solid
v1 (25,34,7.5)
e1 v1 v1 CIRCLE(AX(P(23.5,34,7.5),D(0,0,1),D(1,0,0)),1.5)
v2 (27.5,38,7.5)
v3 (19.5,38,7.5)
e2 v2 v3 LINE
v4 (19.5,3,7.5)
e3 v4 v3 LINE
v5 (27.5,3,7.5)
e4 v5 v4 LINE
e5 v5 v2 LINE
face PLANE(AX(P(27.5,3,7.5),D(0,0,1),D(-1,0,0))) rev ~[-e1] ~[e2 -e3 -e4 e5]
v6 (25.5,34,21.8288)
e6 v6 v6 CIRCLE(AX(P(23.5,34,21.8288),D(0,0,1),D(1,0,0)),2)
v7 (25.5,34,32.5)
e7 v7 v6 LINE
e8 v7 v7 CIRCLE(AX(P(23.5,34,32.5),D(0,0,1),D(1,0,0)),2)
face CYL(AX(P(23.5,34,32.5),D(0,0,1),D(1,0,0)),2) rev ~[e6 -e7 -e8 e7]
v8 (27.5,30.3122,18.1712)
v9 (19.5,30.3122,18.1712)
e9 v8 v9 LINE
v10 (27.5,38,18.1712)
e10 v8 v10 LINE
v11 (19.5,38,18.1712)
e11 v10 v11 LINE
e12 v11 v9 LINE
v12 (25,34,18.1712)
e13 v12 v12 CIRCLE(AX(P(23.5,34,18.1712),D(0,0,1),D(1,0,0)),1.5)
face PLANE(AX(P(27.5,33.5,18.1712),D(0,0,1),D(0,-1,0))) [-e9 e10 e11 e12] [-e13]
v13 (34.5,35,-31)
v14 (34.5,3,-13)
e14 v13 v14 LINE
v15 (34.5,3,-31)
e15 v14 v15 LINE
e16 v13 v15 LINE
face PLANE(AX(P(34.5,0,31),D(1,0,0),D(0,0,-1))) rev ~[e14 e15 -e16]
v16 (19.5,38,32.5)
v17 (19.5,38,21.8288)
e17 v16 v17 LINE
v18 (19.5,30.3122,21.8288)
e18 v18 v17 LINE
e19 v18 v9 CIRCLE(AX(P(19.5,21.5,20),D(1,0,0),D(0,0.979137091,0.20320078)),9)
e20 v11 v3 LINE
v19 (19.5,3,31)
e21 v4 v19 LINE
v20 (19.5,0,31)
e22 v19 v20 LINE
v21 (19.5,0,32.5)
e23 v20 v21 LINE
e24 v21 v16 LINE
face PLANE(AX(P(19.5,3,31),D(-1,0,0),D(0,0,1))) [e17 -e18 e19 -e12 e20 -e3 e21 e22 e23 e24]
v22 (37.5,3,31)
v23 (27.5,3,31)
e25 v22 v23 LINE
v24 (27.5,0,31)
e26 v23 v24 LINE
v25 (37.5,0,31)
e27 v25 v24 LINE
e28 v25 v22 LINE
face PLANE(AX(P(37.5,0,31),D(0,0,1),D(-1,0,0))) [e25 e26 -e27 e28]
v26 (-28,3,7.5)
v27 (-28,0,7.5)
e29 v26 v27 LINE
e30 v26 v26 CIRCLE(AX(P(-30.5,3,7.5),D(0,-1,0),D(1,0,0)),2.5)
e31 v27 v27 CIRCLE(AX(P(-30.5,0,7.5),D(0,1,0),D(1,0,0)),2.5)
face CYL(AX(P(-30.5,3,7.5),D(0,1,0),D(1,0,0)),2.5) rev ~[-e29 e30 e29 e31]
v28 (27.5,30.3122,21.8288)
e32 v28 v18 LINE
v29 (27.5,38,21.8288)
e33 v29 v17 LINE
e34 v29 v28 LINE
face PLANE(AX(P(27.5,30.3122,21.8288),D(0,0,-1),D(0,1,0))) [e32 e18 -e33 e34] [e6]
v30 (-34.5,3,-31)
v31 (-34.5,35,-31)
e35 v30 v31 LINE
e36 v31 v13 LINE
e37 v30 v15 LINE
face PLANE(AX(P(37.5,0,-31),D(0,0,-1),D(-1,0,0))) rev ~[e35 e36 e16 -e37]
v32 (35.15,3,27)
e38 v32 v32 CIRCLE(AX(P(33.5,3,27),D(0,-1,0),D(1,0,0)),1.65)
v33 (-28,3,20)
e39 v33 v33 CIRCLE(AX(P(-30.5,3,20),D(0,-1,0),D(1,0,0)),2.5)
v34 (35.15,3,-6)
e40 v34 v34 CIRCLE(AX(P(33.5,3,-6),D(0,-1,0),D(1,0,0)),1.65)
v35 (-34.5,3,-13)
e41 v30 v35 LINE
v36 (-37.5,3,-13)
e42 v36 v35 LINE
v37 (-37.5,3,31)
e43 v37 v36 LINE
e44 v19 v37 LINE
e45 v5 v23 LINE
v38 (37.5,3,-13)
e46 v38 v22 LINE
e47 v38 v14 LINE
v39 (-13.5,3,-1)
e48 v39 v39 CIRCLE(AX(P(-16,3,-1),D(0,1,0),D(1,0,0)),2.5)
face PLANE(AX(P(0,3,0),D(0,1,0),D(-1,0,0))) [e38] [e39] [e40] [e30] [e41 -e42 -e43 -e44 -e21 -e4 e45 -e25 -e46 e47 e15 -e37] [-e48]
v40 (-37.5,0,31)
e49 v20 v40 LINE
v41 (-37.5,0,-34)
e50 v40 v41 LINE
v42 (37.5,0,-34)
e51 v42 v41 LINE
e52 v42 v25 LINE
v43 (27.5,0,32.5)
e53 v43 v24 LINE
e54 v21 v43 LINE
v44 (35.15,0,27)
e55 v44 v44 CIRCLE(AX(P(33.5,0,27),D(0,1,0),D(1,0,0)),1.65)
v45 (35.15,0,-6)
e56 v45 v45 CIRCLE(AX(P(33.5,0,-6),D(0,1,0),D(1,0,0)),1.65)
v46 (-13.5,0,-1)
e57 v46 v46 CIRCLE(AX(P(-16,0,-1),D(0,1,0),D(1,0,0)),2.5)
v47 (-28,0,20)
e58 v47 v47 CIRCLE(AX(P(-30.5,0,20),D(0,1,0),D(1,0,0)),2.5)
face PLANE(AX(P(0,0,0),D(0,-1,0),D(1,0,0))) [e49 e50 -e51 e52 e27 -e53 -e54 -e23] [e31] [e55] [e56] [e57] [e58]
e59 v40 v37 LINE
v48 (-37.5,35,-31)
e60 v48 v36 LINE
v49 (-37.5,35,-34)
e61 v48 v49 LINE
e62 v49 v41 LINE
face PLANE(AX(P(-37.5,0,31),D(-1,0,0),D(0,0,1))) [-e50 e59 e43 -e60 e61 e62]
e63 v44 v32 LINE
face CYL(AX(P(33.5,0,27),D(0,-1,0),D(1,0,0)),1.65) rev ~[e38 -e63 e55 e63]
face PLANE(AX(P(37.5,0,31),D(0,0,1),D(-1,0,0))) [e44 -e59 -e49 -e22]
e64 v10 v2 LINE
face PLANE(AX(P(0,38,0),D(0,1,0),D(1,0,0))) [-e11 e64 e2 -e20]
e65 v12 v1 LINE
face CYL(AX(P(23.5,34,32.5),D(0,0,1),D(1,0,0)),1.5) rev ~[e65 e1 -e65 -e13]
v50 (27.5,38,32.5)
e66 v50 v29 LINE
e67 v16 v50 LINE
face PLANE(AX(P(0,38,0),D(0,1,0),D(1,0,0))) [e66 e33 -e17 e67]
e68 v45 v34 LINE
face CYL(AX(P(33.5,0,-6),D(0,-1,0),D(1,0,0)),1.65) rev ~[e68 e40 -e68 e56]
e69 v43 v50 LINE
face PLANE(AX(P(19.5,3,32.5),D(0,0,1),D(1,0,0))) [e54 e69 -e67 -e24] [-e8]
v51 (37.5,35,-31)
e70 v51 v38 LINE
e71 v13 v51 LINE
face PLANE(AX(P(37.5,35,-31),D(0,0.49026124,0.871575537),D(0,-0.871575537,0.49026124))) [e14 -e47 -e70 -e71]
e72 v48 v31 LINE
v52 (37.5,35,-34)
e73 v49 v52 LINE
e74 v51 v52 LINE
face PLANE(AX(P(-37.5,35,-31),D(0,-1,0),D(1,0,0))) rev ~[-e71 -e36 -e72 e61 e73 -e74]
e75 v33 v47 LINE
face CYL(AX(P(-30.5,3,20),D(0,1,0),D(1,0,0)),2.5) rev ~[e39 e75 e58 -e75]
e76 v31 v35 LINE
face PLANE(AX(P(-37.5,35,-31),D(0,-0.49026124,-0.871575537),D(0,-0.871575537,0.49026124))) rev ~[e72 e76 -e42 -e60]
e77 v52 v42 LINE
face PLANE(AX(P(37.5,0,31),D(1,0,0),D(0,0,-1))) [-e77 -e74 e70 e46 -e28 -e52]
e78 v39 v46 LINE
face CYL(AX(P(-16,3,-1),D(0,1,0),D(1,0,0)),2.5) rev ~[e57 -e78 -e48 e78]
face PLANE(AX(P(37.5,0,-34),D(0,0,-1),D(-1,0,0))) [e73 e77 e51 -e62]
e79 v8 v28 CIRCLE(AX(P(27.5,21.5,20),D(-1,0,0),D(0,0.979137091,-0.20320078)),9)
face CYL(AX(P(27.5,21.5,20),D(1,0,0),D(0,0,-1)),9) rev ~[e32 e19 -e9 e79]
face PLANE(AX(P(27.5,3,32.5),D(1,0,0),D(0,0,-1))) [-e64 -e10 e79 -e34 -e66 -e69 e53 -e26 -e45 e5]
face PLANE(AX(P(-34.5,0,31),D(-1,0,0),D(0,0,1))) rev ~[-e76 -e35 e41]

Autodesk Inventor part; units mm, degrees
ref_plane "YZ Plane" through (0, 0, 0) normal (1, 0, 0) x (0, 1, 0)
ref_plane "XZ Plane" through (0, 0, 0) normal (0, 1, 0) x (-1, 0, 0)
ref_plane "XY Plane" through (0, 0, 0) normal (0, 0, 1) x (1, 0, 0)
sketch "Sketch1" plane through (0, 0, 0) normal (0, 1, 0) x (-1, 0, 0)
  line L0 (37.5, -31) -> (-37.5, -31)
  line L1 (-37.5, -31) -> (-37.5, 31)
  line L2 (-37.5, 31) -> (37.5, 31)
  line L3 (37.5, 31) -> (37.5, -31)
  line L4 (37.5, -31) -> (-37.5, 31) construction
  line L5 (-37.5, -31) -> (37.5, 31) construction
  point P0 (0, 0)
  dimension "d0" = 75
  dimension "d1" = 62
extrude "Extrusion1" add sketch "Sketch1" along normal blind 3
sketch "Sketch2" plane through (0, 3, 0) normal (0, 1, 0) x (1, 0, 0)
  line L0 (37.5, 31) -> (-37.5, 31) projected
  line L1 (-37.5, 31) -> (-37.5, -31) projected
  circle A0 centre (-30.5, -7.5) radius 2.5
  circle A1 centre (-30.5, -20) radius 2.5
  circle A2 centre (-16, 1) radius 2.5
  line L2 (-37.5, -31) -> (37.5, -31) projected
  line L3 (37.5, -31) -> (37.5, 31) projected
  line L4 (-30.5, -7.5) -> (-30.5, -31)
  point P0 (0, 0)
  dimension "d4" = 5
  dimension "d5" = 5
  dimension "d6" = 12.5
  dimension "d7" = 7
  dimension "d8" = 5
  dimension "d9" = 8.5
  dimension "d10" = 14.5
  dimension "d11" = 30
extrude "Extrusion2" cut sketch "Sketch2" against normal through all contours A0 | A1 L4 | L4 A1 | A2
sketch "Sketch3" plane through (0, 3, 0) normal (0, 1, 0) x (1, 0, 0)
  line L0 (-37.5, 31) -> (-37.5, -31) projected
  line L1 (37.5, -31) -> (37.5, 31) projected
  line L2 (-37.5, -20) -> (37.5, -20)
  line L3 (19.5, -32.5) -> (27.5, -32.5)
  line L4 (27.5, -32.5) -> (27.5, -7.5)
  line L5 (27.5, -7.5) -> (19.5, -7.5)
  line L6 (19.5, -7.5) -> (19.5, -32.5)
  line L7 (19.5, -32.5) -> (27.5, -7.5) construction
  line L8 (27.5, -32.5) -> (19.5, -7.5) construction
  circle A0 centre (-30.5, -20) radius 2.5 projected
  point P0 (0, 0)
  point P1 (23.5, -20)
  dimension "d16" = 8
  dimension "d21" = 25
  dimension "d22" = 0
  dimension "d74" = 50
extrude "Extrusion3" add sketch "Sketch3" along normal blind 35 contours L6 L5 L4 L2 | L2 L4 L3 L6
sketch "Sketch4" plane through (27.5, 3, 32.5) normal (1, 0, 0) x (0, 0, -1)
  line L0 (25, 0) -> (1.5, 0) projected
  circle A0 centre (12.5, 18.5) radius 9
  line L1 (0, 35) -> (25, 35) projected
  line L2 (10.6712, 35) -> (14.3288, 35)
  line L3 (14.3288, 35) -> (14.3288, 27.3122)
  line L4 (14.3288, 27.3122) -> (10.6712, 27.3122)
  line L5 (10.6712, 27.3122) -> (10.6712, 35)
  line L6 (12.5, 35) -> (12.5, 0)
  line L7 (16.7228, 27.2139) -> (8.2773, 27.2139)
  line L8 (8.2773, 27.2139) -> (8.2773, 30.5)
  line L9 (8.2773, 30.5) -> (16.7228, 30.5)
  line L10 (16.7228, 30.5) -> (16.7228, 27.2139)
  line L11 (16.7228, 27.2139) -> (8.2773, 30.5) construction
  line L12 (8.2773, 27.2139) -> (16.7228, 30.5) construction
  point P0 (0, 0)
  point P1 (32.5, -3)
  point P2 (12.5, 28.8569)
  dimension "d86" = 18
  dimension "d87" = 18.5
  dimension "d88" = 3.6576
  dimension "d89" = 8.4455
  dimension "d90" = 3.2861
  dimension "d91" = 4.5
extrude "Extrusion4" cut sketch "Sketch4" against normal up to surface (8 mm away) contours A0 L6 L7 | L7 L6 L4 A0 | A0 L7 L6 | L4 L6 A0 | A0 L6 L9 L3 | L7 A0 L4 L6 | L6 L4 A0 | A0 L5 L9 L6 | L9 L6 L1 L3 | L9 L5 L1 L6
sketch "Sketch10" plane through (19.5, 3, 32.5) normal (0, 0, 1) x (1, 0, 0)
  circle A0 centre (4, 31) radius 1.5
  point P0 (6, -5)
  dimension "d49" = 3
sketch "Sketch9" plane through (19.5, 3, 32.5) normal (0, 0, 1) x (1, 0, 0)
  circle A0 centre (4, 31) radius 2
  point P0 (6, -5)
  dimension "d48" = 4
extrude "Extrusion9" cut sketch "Sketch10" against normal through all
extrude "Extrusion10" cut sketch "Sketch9" against normal up to surface (14.3288 mm away)
sketch "Sketch13" plane through (37.5, 0, -31) normal (0, 0, -1) x (-1, 0, 0)
  line L0 (75, 0) -> (75, 3) projected
  line L1 (0, 0) -> (75, 0)
  line L2 (75, 0) -> (75, 35)
  line L3 (75, 35) -> (0, 35)
  line L4 (0, 35) -> (0, 0)
  point P0 (37.5, 0)
  dimension "d71" = 35
extrude "Extrusion13" add sketch "Sketch13" along normal blind 3
sketch "Sketch14" plane through (0, 0, 0) normal (0, -1, 0) x (1, 0, 0)
  circle A0 centre (21, 27) radius 1.65
  circle A1 centre (33.5, 27) radius 1.65
  line L0 (33.5, 27) -> (21, 27)
  line L1 (21, 27) -> (21, -6)
  line L2 (21, -6) -> (33.5, -6)
  line L3 (33.5, -6) -> (33.5, 27)
  circle A2 centre (21, -6) radius 1.65
  circle A3 centre (33.5, -6) radius 1.65
  line L4 (37.5, -34) -> (37.5, 31) projected
  point P0 (0, 0)
  point P1 (37.5, -31)
  dimension "d75" = 12.5
  dimension "d76" = 3.3
  dimension "d77" = 3.3
  dimension "d78" = 3.3
  dimension "d79" = 3.3
  dimension "d81" = 33
  dimension "d82" = 25
  dimension "d93" = 4
extrude "Extrusion14" cut sketch "Sketch14" against normal up to next contours L0 L3 A1 | A1 L3 L0 | A3 L2 L3 | L3 L2 A3
sketch "Sketch15" plane through (37.5, 0, 31) normal (1, 0, 0) x (0, 0, -1)
  line L0 (62, 35) -> (62, 3) projected
  line L1 (0, 3) -> (62, 3) projected
  line L2 (62, 35) -> (44, 3)
  point P0 (31, 0)
  dimension "d94" = 18
extrude "Extrusion15" add sketch "Sketch15" against normal blind 3
sketch "Sketch16" plane through (-37.5, 0, 31) normal (-1, 0, 0) x (0, 0, 1)
  line L0 (-62, 3) -> (0, 3) projected
  line L1 (-62, 3) -> (-62, 35) projected
  line L2 (-62, 35) -> (-44, 3)
  point P0 (-31, 0)
  dimension "d97" = 18
extrude "Extrusion16" add sketch "Sketch16" against normal blind 3
sketch "Sketch17" plane through (0, 3, 0) normal (0, -1, 0) x (1, 0, 0)
  line L0 (19.5, 31) -> (27.5, 31) projected
  line L1 (27.5, 32.5) -> (27.5, 31) projected
  line L2 (19.5, 32.5) -> (27.5, 32.5) projected
  line L3 (19.5, 31) -> (19.5, 32.5) projected
  point P0 (0, 0)
extrude "Extrusion17" add sketch "Sketch17" along normal up to surface (3 mm away)
equation "\"d88\" = tslot_screw_width"
equation "\"d89\" = tslot_nut_width"
equation "\"d90\" = tslot_nut_thickness"
equation "\"Acrylic_thickness\" = 3.175"
equation "\"Wood_thickness\" = 5"
equation "\"Acrylic_kerf\" = 0"
equation "\"Wood_kerf\" = 0"
equation "\"resevoir_thickness\" = 12.7"
equation "\"acrylic_height\" = 304.8"
equation "\"acrylic_stopper\" = 125"
equation "\"arm_width\" = 25.4"
equation "\"arm_thickness\" = 1.5875"
equation "\"arm_length\" = 224.5"
equation "\"ball_joint_from_arm\" = 14.5"
equation "\"z_railA_from_screw\" = 35"
equation "\"z_railB_from_screw\" = 35"
equation "\"z_rail_D\" = 8"
equation "\"z_rail_support_hole\" = 5"
equation "\"z_screw_D\" = 8"
equation "\"lmk8uu_hole_space\" = 17"
equation "\"lmk8uu_hole_D\" = 3.3"
equation "\"lmk8uu_OD\" = 15"
equation "\"camera_arm_screw\" = 6.35"
equation "\"carrier_thickness\" = 5"
equation "\"turntable_ID\" = 145"
equation "\"turntable_outside_hole_radius\" = 92.72"
equation "\"turntable_inside_hole_radius\" = 79.16"
equation "\"turntable_hole_D\" = 5.6"
equation "\"oring_ID\" = 19.05"
equation "\"oring_OD\" = 23.8125"
equation "\"drive_set_screw\" = 2.5"
equation "\"drive_set_nut\" = 5"
equation "\"nema17_hole_D\" = 3.3"
equation "\"nema17_hole_space\" = 31"
equation "\"box_lid_from_back\" = 147.5"
equation "\"box_lid_slot_length\" = 0"
equation "\"mirror_thickness\" = 8"
equation "\"laser_angle\" = 25deg"
equation "\"laser_distance\" = 155.47675"
equation "\"m8_rail_height\" = 304.8"
equation "\"print_bed_drill\" = 7.9375"
equation "\"front_frame_inset\" = 28.04"
equation "\"petri_OD\" = 152.4"
equation "\"tslot_screw_length\" = 12.7"
equation "\"tslot_screw_width\" = 3.6576"
equation "\"tslot_nut_width\" = 8.4455"
equation "\"tslot_nut_thickness\" = 3.28612"
equation "\"center_frame_inset\" = 186.36"
equation "\"printer_z\" = 289"
equation "\"frame_tilt\" = 1deg"
equation "\"z_min_from_center\" = 72.6"
equation "\"crane_z\" = 25"
equation "\"tape_thickness\" = 2"
equation "\"tape_keep_out\" = 2"
equation "\"brass_keep_out\" = 8"
equation "\"crane_x\" = 245.2"
equation "\"brass_insert_drill\" = 4"
equation "\"bed_clamp_border\" = 15"
equation "\"tray_boarder\" = 15"
equation "\"motor_spacing\" = 296"
equation "\"threaded_rod_z\" = 203.2"
equation "\"linear_bearing_z\" = 304.8"
equation "\"clear_acrylic\" = 2"
equation "\"thin_acrylic\" = 3"
equation "\"carrier_z2\" = 283.6"
equation "\"carrier_z\" = 258.6"
equation "\"thick_acrylic\" = 5.6"
equation "\"linear_bearing_spacing\" = 216"
equation "\"laser_body_diameter\" = 12"
equation "\"stepper_body_diameter\" = 28"
equation "\"stepper_shaft_diameter\" = 5"
equation "\"m3_diameter\" = 3.15"
equation "\"stepper_screw_space\" = 35"
equation "\"m5_diameter\" = 5.25"
equation "\"subframe_y_offset\" = 27.5"
equation "\"laser_y_offset\" = 18.5"
equation "\"laser_diameter\" = 12"
equation "\"laser_y\" = 35"
equation "\"laser_z\" = 18"
properties part number "galvo holder" material "ABS Plastic"
